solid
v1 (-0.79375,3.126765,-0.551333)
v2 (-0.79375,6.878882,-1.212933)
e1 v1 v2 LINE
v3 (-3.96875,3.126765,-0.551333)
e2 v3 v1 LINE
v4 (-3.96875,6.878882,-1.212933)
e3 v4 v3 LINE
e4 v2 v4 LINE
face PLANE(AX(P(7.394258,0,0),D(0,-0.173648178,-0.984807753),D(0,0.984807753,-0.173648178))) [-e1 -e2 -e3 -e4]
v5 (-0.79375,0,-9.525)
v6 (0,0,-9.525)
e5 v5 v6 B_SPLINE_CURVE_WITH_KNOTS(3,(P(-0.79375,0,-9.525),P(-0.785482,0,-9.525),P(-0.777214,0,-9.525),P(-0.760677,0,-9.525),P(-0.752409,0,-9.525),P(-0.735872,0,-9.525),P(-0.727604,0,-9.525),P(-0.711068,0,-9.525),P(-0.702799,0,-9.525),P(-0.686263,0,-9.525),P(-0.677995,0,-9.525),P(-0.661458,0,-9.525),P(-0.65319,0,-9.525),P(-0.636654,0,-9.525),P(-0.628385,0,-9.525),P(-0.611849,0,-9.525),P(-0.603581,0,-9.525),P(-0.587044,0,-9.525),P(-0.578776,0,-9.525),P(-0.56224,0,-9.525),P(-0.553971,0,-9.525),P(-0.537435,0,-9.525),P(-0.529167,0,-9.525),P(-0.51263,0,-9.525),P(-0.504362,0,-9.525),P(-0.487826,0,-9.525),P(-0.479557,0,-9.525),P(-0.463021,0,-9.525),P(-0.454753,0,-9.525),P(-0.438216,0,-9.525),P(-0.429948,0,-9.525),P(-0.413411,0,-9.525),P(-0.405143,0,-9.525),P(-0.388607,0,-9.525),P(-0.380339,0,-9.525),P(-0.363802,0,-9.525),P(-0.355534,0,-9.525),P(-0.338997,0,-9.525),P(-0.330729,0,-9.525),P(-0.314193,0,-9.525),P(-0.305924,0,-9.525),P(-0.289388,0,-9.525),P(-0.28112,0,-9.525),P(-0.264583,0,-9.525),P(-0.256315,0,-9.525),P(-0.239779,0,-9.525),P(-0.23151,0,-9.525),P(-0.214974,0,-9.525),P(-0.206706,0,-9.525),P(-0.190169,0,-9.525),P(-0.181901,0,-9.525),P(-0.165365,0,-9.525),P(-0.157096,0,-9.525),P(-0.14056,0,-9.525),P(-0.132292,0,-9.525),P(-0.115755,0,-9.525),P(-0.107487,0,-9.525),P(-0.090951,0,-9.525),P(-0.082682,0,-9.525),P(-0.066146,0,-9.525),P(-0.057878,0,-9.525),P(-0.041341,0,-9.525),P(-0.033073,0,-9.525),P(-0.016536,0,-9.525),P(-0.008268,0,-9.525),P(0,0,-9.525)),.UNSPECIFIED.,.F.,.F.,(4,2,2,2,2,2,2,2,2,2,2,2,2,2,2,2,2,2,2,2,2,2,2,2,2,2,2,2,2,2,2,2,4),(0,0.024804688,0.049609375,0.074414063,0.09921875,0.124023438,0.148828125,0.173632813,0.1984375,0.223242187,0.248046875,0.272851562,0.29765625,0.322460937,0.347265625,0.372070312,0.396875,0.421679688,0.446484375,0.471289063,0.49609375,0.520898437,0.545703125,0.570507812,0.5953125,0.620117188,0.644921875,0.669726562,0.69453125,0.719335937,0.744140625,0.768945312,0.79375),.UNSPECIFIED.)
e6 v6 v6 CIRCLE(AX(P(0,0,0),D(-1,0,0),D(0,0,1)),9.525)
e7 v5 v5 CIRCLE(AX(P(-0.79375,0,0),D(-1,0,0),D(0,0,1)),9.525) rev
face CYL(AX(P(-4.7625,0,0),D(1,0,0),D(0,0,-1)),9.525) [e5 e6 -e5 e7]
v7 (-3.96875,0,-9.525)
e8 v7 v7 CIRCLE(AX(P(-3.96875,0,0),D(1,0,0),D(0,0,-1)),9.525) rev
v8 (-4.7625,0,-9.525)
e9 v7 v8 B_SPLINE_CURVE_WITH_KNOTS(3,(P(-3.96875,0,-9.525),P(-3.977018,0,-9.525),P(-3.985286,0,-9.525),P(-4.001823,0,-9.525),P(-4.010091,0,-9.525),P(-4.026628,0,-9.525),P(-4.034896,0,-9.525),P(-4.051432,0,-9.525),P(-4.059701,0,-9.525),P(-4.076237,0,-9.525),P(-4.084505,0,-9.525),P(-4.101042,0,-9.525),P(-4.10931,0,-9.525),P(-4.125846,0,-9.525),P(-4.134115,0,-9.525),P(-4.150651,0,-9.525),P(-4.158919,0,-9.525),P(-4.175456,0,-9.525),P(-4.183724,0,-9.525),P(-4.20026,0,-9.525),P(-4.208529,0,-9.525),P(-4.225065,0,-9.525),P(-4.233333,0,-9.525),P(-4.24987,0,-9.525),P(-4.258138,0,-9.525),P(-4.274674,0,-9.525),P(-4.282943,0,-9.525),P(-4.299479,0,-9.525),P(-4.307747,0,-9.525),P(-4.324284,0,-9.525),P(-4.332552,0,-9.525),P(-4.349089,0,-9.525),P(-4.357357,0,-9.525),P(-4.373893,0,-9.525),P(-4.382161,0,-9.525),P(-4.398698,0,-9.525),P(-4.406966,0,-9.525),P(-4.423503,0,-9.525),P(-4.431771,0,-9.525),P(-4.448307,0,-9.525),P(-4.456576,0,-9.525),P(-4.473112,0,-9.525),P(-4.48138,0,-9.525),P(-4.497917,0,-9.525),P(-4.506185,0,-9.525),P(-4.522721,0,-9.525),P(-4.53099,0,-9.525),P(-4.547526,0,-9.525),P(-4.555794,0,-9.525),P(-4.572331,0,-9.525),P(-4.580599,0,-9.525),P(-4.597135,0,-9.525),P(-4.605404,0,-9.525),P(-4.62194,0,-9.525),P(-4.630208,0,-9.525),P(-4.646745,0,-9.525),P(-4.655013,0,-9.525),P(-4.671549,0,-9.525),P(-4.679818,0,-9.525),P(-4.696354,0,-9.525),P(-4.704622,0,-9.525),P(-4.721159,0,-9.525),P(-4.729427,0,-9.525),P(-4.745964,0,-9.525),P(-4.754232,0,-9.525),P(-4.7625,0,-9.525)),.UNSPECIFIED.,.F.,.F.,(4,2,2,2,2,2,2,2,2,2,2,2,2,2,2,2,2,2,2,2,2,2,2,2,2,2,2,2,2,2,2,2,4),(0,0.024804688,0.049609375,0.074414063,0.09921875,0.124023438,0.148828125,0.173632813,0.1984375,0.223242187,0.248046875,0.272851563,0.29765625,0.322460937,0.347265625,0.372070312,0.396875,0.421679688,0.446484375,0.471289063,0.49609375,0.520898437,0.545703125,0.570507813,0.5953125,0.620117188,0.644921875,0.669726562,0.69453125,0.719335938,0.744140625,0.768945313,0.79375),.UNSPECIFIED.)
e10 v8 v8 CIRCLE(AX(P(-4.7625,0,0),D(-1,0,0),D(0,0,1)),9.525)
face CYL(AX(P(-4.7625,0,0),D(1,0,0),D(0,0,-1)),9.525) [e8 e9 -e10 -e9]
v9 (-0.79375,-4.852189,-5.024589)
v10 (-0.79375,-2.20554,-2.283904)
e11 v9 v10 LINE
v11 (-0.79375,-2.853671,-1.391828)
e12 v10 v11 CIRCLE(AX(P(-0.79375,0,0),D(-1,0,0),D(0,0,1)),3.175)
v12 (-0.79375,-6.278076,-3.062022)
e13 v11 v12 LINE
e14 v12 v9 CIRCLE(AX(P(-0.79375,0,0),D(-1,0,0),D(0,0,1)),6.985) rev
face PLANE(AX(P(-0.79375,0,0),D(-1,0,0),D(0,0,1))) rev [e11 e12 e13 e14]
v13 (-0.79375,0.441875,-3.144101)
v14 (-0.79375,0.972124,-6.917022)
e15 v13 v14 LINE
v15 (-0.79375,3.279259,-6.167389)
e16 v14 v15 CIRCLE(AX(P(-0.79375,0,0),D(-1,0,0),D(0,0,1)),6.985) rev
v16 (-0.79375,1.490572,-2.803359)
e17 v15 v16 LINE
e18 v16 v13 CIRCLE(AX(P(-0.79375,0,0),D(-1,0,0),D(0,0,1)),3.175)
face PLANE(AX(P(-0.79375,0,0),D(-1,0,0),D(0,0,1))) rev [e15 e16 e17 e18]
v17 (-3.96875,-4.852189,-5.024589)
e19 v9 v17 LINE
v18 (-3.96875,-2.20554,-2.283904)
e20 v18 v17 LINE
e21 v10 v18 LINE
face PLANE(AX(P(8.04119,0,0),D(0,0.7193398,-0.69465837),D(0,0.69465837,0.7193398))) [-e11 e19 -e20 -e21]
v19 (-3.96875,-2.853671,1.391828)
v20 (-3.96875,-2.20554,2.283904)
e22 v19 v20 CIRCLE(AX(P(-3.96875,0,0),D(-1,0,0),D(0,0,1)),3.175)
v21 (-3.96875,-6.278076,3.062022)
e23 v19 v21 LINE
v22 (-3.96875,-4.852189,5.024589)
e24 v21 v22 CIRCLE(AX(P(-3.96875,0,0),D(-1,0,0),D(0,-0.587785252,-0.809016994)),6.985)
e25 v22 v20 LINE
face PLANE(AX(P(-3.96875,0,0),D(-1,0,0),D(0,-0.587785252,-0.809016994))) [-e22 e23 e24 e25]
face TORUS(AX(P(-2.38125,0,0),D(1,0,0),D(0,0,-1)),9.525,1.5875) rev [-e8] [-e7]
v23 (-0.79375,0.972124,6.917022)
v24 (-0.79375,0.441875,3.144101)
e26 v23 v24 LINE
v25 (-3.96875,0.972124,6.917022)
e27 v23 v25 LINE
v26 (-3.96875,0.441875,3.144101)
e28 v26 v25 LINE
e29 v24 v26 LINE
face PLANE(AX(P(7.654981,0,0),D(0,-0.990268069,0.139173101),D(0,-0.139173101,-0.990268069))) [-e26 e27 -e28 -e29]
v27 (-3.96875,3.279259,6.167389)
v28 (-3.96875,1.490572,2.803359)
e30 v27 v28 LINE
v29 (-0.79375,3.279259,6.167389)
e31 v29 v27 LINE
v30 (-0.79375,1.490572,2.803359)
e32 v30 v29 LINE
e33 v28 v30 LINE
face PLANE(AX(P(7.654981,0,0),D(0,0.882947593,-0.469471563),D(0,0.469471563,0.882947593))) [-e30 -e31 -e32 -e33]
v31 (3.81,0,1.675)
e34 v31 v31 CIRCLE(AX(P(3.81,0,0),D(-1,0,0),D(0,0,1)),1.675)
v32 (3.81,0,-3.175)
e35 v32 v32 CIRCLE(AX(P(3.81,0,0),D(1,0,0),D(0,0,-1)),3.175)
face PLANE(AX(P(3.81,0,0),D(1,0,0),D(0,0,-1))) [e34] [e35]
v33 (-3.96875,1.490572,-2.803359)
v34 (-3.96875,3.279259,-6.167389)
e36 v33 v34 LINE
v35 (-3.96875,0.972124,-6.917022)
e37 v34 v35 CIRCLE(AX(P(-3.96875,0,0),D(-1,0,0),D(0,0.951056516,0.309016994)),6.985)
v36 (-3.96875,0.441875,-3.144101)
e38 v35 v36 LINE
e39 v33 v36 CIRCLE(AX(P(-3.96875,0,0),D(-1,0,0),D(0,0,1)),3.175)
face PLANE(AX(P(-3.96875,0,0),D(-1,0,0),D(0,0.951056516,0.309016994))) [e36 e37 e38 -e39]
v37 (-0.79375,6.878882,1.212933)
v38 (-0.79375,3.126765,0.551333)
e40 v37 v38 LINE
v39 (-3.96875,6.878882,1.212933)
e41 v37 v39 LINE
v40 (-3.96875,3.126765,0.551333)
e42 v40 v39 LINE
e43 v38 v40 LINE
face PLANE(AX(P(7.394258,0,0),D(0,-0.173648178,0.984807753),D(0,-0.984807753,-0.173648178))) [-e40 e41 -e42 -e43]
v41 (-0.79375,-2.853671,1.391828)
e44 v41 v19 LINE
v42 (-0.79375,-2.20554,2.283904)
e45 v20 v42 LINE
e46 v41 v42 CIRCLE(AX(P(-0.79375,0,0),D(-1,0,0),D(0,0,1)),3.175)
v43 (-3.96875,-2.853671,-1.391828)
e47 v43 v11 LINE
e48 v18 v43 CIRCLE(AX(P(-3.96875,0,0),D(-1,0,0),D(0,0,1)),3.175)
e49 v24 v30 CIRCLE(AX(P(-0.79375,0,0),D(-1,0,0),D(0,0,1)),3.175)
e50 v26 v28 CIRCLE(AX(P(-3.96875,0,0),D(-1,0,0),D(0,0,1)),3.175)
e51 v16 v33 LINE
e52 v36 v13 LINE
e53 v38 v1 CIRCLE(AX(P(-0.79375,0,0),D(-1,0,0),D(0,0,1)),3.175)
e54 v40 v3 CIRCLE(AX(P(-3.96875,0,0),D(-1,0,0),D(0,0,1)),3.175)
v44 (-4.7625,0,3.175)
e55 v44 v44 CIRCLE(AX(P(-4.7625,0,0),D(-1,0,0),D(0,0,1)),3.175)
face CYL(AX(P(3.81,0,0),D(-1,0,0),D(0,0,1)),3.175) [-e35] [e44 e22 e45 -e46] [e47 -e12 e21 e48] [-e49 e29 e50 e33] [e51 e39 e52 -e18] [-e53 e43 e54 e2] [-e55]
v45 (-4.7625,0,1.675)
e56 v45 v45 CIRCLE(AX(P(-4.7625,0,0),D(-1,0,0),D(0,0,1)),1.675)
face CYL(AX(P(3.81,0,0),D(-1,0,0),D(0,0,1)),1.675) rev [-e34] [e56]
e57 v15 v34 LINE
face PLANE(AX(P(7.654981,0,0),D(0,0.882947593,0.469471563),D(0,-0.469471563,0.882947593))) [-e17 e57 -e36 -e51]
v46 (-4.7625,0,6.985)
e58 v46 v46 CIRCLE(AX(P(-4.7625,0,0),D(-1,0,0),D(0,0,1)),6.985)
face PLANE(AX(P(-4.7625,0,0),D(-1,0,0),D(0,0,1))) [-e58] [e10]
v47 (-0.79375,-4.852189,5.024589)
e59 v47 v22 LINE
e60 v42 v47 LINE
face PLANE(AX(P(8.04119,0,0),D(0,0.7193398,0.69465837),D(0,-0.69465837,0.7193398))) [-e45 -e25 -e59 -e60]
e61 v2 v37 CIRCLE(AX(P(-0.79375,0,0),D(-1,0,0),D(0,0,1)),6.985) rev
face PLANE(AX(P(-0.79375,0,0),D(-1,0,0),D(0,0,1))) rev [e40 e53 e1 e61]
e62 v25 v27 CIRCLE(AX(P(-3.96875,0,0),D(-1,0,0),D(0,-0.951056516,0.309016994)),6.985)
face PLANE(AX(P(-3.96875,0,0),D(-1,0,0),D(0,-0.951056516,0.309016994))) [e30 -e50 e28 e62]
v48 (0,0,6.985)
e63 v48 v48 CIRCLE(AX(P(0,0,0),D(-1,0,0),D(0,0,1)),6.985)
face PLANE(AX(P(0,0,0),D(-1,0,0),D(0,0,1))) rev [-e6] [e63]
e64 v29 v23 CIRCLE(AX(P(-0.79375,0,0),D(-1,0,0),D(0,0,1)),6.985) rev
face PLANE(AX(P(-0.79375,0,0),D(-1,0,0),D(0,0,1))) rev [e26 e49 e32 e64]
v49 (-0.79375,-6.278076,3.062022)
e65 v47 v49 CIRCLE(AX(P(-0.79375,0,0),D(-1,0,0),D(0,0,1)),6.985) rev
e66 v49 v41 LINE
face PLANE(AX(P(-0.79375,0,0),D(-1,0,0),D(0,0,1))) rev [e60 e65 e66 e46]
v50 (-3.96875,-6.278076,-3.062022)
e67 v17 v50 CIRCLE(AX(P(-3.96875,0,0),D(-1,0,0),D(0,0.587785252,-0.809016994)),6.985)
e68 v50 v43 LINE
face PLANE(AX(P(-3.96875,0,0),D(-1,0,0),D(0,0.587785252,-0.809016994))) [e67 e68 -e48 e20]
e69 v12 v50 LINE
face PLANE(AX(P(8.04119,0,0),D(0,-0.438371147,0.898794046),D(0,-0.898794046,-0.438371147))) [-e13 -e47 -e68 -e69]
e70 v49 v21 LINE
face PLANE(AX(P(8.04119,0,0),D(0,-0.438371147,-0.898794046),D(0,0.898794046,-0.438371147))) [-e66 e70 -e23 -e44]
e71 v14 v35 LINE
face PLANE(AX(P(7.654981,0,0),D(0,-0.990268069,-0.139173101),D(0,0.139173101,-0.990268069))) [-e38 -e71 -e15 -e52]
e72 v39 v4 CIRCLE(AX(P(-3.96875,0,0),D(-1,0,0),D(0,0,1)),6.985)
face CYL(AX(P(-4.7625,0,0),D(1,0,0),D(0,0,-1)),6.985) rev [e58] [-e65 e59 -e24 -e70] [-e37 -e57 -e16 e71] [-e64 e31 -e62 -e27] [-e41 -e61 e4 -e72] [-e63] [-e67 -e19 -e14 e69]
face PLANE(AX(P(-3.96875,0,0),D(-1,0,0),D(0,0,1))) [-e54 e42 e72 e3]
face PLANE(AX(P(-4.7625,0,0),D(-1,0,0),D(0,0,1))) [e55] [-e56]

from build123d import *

# Parameters (mm, degrees)
SKETCH1_R           = 3.175
BOSS_EXTRUDE1_DEPTH = 3.81
BOSS_EXTRUDE2_START = 4.7625
SKETCH4_R           = 9.525
SKETCH4_R_2         = 6.985
SKETCH4_R_3         = 3.175
BOSS_EXTRUDE2_DEPTH = 4.7625
BOSS_EXTRUDE3_START = -0.79375
BOSS_EXTRUDE3_DEPTH = 3.175
CIRPATTERN1_COUNT   = 5
SKETCH6_R           = 1.5875
SKETCH7_R           = 1.675
CUT_EXTRUDE1_DEPTH  = 16.96680952


with BuildPart() as part:
    # Sketch1 → Boss-Extrude1 (new body)
    with BuildSketch(Plane(origin=(0, 0, 0), x_dir=(0, 0, -1), z_dir=(1, 0, 0))):
        with Locations(Location((0, 0, 0), (0, 0, 180))):
            Circle(SKETCH1_R)
    extrude(amount=BOSS_EXTRUDE1_DEPTH)

    # Sketch4 → Boss-Extrude2 (add)
    # profile 1 of 2: a face of its own
    with BuildSketch(Plane.ZY.offset(BOSS_EXTRUDE2_START)):
        with Locations(Location((0, 0, 0), (0, 0, 180))):
            Circle(SKETCH4_R)
        with Locations(Location((0, 0, 0), (0, 0, 180))):
            Circle(SKETCH4_R_2, mode=Mode.SUBTRACT)
    # profile 2 of 2: a face of its own
    with BuildSketch(Plane.ZY.offset(BOSS_EXTRUDE2_START)):
        Circle(SKETCH4_R_3)
    extrude(amount=-BOSS_EXTRUDE2_DEPTH)


with BuildPart() as boss_extrude2_piece_1:
    # of the separate pieces the step leaves, piece 1, a body of its own (boss_extrude2_pieces)
    add(part.part.solids().sort_by_distance((-4.7625, 0, -9.525))[0])



with BuildPart() as boss_extrude2_piece_2:
    # of the separate pieces the step leaves, piece 2, a body of its own (boss_extrude2_pieces)
    add(part.part.solids().sort_by_distance((3.81, 0, 3.175))[0])


with BuildPart() as boss_extrude2_piece_1_1:
    add(boss_extrude2_piece_1.part)

    add(boss_extrude2_piece_2.part)  # Boss-Extrude3 merges Boss-Extrude2 piece 2
    # Sketch5 → Boss-Extrude3 (add)
    with BuildSketch(Plane.ZY.offset(4.7625).offset(BOSS_EXTRUDE3_START)):
        with BuildLine():
            Line((0, 0), (1.212932521, 6.878882155))
            ThreePointArc((1.212932521, 6.878882155), (0, 6.985), (-1.212932521, 6.878882155))
            Line((-1.212932521, 6.878882155), (0, 0))
        make_face()
    boss_extrude3 = extrude(amount=-BOSS_EXTRUDE3_DEPTH)

    # CirPattern1: Boss-Extrude3 ×5 about axis
    cirpattern1_axis = Axis((0, 0, 0), (1, 0, 0))
    for i in range(1, CIRPATTERN1_COUNT):
        add(boss_extrude3.rotate(cirpattern1_axis, i * 360 / CIRPATTERN1_COUNT))

    # Sketch6 → Cut-Revolve1 (revolve, cut)
    with BuildSketch(Plane(origin=(0, 0, 0), x_dir=(1, 0, 0), z_dir=(0, 1, 0))):
        with Locations((-2.38125, 9.525)):
            Circle(SKETCH6_R)
    revolve(axis=Axis((3.81, 0, 0), (-1, 0, 0)), mode=Mode.SUBTRACT)

    # Sketch7 → Cut-Extrude1 (cut, through all)
    with BuildSketch(Plane.ZY.offset(4.7625)):
        Circle(SKETCH7_R)
    extrude(amount=-CUT_EXTRUDE1_DEPTH, mode=Mode.SUBTRACT)


solid = boss_extrude2_piece_1_1.part
